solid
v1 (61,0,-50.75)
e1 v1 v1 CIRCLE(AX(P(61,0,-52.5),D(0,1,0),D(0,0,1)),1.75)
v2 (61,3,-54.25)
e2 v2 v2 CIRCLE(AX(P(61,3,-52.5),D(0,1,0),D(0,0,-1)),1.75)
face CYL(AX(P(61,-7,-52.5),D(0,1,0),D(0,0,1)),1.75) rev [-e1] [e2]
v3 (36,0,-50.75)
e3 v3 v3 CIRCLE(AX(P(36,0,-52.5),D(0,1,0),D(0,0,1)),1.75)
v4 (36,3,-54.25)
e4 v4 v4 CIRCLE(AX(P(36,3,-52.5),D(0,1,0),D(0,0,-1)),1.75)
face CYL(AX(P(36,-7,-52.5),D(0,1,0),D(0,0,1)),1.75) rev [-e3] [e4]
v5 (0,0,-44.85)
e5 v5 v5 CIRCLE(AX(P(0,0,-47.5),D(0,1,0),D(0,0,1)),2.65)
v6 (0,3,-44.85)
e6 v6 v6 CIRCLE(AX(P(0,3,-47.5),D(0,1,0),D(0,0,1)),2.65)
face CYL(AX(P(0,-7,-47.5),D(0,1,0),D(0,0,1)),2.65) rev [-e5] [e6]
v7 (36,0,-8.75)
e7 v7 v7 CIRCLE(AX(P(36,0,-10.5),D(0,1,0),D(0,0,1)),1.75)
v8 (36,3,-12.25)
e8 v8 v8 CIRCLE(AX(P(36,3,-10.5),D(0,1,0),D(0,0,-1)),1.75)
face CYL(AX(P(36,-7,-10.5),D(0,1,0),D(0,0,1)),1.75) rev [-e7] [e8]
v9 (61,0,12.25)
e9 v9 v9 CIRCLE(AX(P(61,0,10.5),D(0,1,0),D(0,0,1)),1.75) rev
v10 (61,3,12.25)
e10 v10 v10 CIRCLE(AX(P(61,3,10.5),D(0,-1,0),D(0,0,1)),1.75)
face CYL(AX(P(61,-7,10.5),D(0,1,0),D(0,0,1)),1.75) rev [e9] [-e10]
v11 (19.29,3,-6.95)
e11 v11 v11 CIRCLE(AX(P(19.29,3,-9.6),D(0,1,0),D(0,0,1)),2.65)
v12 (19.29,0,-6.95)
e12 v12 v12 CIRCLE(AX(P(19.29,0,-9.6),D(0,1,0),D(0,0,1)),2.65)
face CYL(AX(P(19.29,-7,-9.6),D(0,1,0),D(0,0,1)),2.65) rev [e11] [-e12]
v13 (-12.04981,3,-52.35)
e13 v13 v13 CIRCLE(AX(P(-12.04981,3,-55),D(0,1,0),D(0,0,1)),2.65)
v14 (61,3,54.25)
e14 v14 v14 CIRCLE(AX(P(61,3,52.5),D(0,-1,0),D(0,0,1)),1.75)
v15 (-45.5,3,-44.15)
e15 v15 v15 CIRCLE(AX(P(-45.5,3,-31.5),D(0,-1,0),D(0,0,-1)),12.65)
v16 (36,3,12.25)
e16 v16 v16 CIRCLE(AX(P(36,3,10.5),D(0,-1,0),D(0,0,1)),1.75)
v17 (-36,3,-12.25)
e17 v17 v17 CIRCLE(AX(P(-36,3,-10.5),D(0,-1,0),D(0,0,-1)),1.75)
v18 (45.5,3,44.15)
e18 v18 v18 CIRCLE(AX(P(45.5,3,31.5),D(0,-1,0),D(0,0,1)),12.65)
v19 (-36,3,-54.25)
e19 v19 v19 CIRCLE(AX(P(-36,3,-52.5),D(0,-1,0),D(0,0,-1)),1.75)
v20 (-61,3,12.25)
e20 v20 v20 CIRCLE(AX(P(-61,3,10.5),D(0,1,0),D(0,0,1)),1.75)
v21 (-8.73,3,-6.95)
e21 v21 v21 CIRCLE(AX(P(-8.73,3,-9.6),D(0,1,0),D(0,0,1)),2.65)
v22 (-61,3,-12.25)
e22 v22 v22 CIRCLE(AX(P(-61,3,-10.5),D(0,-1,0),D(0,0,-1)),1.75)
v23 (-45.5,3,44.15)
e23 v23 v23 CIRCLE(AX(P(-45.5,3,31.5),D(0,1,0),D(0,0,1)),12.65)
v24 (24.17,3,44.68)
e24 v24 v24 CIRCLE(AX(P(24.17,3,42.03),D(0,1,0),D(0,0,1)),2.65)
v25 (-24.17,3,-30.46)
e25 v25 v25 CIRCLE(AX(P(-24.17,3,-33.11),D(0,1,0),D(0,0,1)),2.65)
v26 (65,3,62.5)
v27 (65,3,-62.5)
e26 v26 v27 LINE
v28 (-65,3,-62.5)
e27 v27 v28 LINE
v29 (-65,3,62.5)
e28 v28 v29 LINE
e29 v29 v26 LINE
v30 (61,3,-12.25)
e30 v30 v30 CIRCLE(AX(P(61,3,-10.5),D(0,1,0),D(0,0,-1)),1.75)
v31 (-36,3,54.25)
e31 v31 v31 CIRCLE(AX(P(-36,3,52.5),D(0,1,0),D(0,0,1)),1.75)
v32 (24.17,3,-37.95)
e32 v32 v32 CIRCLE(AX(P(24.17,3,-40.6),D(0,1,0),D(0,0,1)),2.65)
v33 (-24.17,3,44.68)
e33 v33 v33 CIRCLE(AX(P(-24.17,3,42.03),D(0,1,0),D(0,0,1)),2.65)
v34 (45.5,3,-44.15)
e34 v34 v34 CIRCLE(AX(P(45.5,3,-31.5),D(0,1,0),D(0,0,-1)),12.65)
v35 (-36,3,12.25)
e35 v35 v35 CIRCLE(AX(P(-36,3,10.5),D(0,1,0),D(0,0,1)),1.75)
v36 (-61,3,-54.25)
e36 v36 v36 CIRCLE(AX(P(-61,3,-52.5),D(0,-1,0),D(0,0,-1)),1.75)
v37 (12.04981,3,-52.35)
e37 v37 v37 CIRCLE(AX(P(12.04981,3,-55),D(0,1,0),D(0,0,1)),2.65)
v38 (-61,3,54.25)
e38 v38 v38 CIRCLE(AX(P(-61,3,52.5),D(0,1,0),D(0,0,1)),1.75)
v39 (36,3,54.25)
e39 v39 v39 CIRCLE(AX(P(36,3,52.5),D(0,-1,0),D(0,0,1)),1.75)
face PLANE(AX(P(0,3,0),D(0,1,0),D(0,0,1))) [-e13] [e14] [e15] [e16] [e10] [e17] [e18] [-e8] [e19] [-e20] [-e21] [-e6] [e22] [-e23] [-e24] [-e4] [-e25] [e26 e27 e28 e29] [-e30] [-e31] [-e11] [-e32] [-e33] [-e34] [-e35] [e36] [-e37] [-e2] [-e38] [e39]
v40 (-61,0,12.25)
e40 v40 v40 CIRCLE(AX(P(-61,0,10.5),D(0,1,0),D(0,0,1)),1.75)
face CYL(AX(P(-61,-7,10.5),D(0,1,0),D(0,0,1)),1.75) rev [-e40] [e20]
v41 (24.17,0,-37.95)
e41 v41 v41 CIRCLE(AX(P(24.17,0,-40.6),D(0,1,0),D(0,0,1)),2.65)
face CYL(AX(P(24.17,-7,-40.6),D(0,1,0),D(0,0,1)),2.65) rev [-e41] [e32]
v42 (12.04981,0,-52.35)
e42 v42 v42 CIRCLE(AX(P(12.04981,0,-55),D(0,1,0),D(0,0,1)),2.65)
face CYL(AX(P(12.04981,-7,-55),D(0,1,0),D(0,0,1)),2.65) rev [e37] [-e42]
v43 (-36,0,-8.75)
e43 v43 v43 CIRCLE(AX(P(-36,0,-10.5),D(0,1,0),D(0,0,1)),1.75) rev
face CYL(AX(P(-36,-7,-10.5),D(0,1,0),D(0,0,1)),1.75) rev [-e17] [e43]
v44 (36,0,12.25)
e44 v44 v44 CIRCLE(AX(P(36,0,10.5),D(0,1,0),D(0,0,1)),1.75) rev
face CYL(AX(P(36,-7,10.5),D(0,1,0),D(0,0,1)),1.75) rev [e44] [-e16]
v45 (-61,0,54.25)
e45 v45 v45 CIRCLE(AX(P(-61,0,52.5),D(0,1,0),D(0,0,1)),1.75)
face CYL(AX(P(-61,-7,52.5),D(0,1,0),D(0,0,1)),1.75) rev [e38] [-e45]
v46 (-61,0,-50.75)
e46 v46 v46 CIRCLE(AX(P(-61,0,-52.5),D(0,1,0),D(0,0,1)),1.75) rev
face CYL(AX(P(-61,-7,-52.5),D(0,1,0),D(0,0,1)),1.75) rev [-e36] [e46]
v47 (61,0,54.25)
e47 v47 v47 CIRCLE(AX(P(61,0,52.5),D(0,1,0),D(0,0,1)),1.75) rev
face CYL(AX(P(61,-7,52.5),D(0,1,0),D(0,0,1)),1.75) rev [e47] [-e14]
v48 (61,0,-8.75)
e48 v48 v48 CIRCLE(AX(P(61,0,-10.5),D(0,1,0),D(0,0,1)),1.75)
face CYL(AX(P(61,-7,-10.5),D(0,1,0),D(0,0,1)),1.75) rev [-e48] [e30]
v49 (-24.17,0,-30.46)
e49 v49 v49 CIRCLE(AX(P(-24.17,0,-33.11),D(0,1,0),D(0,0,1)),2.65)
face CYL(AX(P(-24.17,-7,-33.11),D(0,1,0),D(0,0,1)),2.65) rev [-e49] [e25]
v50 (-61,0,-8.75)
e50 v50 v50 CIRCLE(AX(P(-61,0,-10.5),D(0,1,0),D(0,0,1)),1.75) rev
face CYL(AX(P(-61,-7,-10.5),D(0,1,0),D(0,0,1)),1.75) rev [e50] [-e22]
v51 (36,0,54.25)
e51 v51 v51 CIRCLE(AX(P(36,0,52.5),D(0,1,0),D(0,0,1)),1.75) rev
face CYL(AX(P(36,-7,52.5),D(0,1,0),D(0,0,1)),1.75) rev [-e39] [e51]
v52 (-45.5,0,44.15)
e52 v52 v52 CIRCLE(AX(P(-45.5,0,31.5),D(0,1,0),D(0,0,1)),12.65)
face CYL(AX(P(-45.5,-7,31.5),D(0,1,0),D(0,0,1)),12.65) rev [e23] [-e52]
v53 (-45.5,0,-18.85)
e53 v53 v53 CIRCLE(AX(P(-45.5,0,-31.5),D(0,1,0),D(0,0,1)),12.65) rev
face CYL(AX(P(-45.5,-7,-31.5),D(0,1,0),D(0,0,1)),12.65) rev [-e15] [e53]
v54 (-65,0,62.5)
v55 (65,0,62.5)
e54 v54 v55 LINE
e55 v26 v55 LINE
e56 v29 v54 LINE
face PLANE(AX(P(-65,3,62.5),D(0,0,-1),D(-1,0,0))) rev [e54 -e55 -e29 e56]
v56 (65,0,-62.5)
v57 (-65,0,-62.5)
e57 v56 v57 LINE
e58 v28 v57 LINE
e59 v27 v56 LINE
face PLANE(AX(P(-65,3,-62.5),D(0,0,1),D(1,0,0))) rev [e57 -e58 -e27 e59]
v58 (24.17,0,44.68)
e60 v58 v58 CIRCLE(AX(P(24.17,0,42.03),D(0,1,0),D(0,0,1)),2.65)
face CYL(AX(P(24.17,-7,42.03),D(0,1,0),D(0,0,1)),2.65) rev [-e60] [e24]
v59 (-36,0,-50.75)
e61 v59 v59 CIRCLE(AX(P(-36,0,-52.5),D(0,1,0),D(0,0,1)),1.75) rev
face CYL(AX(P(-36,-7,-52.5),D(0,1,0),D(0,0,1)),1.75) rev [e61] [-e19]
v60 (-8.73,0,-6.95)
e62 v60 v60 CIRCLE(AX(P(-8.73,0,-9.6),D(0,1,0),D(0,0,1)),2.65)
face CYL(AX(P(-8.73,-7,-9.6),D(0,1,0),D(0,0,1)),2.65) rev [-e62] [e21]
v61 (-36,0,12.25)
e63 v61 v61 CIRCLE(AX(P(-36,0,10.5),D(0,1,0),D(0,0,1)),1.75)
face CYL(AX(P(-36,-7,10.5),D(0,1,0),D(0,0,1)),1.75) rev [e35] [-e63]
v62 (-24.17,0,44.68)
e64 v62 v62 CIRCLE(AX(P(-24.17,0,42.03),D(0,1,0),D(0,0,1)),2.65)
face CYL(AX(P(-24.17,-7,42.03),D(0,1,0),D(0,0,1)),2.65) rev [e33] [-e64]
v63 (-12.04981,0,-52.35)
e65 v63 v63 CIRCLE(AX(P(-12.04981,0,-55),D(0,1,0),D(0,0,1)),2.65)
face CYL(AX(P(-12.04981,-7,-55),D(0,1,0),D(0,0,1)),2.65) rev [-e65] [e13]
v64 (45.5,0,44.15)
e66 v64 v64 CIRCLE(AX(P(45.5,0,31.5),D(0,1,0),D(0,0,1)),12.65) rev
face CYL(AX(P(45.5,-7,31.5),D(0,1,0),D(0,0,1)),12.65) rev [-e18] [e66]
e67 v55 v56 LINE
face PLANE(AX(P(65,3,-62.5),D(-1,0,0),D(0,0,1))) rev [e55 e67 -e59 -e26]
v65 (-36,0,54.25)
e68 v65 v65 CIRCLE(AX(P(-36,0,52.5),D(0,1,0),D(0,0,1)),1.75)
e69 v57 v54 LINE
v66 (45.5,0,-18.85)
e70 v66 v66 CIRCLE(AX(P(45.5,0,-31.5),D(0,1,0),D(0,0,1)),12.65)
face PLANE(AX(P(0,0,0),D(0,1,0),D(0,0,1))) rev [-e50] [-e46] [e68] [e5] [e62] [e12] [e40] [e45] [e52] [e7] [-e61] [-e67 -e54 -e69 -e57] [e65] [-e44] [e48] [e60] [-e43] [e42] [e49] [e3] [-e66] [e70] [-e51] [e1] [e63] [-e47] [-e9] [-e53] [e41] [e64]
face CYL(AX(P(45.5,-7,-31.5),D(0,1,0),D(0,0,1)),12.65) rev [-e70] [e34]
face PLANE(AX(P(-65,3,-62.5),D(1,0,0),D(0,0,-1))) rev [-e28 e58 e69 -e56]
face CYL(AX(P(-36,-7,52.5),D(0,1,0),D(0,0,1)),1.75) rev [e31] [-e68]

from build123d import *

# Parameters (mm, degrees)
SKETCH1_W                 = 130
SKETCH1_H                 = 125
BOSS_EXTRUDE1_DEPTH       = 3
SKETCH2_R                 = 1.75
SKETCH2_R_2               = 12.65
CUT_EXTRUDE1_DEPTH        = 10
MIRROR4_COPY_1_SKETCH_R   = 1.75
MIRROR4_COPY_1_SKETCH_R_2 = 12.65
MIRROR4_COPY_1_DEPTH      = 10
SKETCH3_R                 = 2.65
CUT_EXTRUDE2_DEPTH        = 10
SKETCH4_R                 = 2.65
CUT_EXTRUDE3_DEPTH        = 10


with BuildPart() as part:
    # Sketch1 → Boss-Extrude1 (new body)
    with BuildSketch(Plane(origin=(0, 0, 0), x_dir=(1, 0, 0), z_dir=(0, 1, 0))):
        Rectangle(SKETCH1_W, SKETCH1_H)
    extrude(amount=BOSS_EXTRUDE1_DEPTH)

    # Sketch2 → Cut-Extrude1 (cut)
    with BuildSketch(Plane(origin=(0, 3, 0), x_dir=(1, 0, 0), z_dir=(0, 1, 0))):
        with Locations(Location((-61, -52.5, 0), (0, 0, 270))):
            Circle(SKETCH2_R)
        with Locations(Location((-36, -52.5, 0), (0, 0, 270))):
            Circle(SKETCH2_R)
        with Locations(Location((-36, -10.5, 0), (0, 0, 270))):
            Circle(SKETCH2_R)
        with Locations(Location((-61, -10.5, 0), (0, 0, 270))):
            Circle(SKETCH2_R)
        with Locations(Location((-45.5, -31.5, 0), (0, 0, 270))):
            Circle(SKETCH2_R_2)
    cut_extrude1 = extrude(amount=-CUT_EXTRUDE1_DEPTH, mode=Mode.SUBTRACT)

    # Mirror3: Cut-Extrude1 across plane
    add(cut_extrude1.mirror(Plane.ZY), mode=Mode.SUBTRACT)

    # Mirror4: Cut-Extrude1 across plane
    add(cut_extrude1.mirror(Plane.XY), mode=Mode.SUBTRACT)

    # Mirror4 copy 1 sketch → Mirror4 copy 1 (cut)
    with BuildSketch(Plane(origin=(0, 3, 0), x_dir=(-1, 0, 0), z_dir=(0, 1, 0))):
        with Locations(Location((-61, -52.5, 0), (0, 0, 270))):
            Circle(MIRROR4_COPY_1_SKETCH_R)
        with Locations(Location((-36, -52.5, 0), (0, 0, 270))):
            Circle(MIRROR4_COPY_1_SKETCH_R)
        with Locations(Location((-36, -10.5, 0), (0, 0, 270))):
            Circle(MIRROR4_COPY_1_SKETCH_R)
        with Locations(Location((-61, -10.5, 0), (0, 0, 270))):
            Circle(MIRROR4_COPY_1_SKETCH_R)
        with Locations(Location((-45.5, -31.5, 0), (0, 0, 270))):
            Circle(MIRROR4_COPY_1_SKETCH_R_2)
    extrude(amount=-MIRROR4_COPY_1_DEPTH, mode=Mode.SUBTRACT)

    # Sketch3 → Cut-Extrude2 (cut)
    with BuildSketch(Plane(origin=(0, 3, 0), x_dir=(1, 0, 0), z_dir=(0, 1, 0))):
        with Locations(Location((-24.17, -42.03, 0), (0, 0, 270))):
            Circle(SKETCH3_R)
        with Locations(Location((24.17, -42.03, 0), (0, 0, 270))):
            Circle(SKETCH3_R)
        with Locations(Location((-8.73, 9.6, 0), (0, 0, 270))):
            Circle(SKETCH3_R)
        with Locations(Location((19.29, 9.6, 0), (0, 0, 270))):
            Circle(SKETCH3_R)
        with Locations(Location((-24.17, 33.11, 0), (0, 0, 270))):
            Circle(SKETCH3_R)
        with Locations(Location((24.17, 40.6, 0), (0, 0, 270))):
            Circle(SKETCH3_R)
    extrude(amount=-CUT_EXTRUDE2_DEPTH, mode=Mode.SUBTRACT)

    # Sketch4 → Cut-Extrude3 (cut)
    with BuildSketch(Plane(origin=(0, 3, 0), x_dir=(1, 0, 0), z_dir=(0, 1, 0))):
        with Locations(Location((0, 47.5, 0), (0, 0, 270))):
            Circle(SKETCH4_R)
        with Locations(Location((12.049810205, 55, 0), (0, 0, 270))):
            Circle(SKETCH4_R)
        with Locations(Location((-12.049810205, 55, 0), (0, 0, 270))):
            Circle(SKETCH4_R)
    extrude(amount=-CUT_EXTRUDE3_DEPTH, mode=Mode.SUBTRACT)


solid = part.part
